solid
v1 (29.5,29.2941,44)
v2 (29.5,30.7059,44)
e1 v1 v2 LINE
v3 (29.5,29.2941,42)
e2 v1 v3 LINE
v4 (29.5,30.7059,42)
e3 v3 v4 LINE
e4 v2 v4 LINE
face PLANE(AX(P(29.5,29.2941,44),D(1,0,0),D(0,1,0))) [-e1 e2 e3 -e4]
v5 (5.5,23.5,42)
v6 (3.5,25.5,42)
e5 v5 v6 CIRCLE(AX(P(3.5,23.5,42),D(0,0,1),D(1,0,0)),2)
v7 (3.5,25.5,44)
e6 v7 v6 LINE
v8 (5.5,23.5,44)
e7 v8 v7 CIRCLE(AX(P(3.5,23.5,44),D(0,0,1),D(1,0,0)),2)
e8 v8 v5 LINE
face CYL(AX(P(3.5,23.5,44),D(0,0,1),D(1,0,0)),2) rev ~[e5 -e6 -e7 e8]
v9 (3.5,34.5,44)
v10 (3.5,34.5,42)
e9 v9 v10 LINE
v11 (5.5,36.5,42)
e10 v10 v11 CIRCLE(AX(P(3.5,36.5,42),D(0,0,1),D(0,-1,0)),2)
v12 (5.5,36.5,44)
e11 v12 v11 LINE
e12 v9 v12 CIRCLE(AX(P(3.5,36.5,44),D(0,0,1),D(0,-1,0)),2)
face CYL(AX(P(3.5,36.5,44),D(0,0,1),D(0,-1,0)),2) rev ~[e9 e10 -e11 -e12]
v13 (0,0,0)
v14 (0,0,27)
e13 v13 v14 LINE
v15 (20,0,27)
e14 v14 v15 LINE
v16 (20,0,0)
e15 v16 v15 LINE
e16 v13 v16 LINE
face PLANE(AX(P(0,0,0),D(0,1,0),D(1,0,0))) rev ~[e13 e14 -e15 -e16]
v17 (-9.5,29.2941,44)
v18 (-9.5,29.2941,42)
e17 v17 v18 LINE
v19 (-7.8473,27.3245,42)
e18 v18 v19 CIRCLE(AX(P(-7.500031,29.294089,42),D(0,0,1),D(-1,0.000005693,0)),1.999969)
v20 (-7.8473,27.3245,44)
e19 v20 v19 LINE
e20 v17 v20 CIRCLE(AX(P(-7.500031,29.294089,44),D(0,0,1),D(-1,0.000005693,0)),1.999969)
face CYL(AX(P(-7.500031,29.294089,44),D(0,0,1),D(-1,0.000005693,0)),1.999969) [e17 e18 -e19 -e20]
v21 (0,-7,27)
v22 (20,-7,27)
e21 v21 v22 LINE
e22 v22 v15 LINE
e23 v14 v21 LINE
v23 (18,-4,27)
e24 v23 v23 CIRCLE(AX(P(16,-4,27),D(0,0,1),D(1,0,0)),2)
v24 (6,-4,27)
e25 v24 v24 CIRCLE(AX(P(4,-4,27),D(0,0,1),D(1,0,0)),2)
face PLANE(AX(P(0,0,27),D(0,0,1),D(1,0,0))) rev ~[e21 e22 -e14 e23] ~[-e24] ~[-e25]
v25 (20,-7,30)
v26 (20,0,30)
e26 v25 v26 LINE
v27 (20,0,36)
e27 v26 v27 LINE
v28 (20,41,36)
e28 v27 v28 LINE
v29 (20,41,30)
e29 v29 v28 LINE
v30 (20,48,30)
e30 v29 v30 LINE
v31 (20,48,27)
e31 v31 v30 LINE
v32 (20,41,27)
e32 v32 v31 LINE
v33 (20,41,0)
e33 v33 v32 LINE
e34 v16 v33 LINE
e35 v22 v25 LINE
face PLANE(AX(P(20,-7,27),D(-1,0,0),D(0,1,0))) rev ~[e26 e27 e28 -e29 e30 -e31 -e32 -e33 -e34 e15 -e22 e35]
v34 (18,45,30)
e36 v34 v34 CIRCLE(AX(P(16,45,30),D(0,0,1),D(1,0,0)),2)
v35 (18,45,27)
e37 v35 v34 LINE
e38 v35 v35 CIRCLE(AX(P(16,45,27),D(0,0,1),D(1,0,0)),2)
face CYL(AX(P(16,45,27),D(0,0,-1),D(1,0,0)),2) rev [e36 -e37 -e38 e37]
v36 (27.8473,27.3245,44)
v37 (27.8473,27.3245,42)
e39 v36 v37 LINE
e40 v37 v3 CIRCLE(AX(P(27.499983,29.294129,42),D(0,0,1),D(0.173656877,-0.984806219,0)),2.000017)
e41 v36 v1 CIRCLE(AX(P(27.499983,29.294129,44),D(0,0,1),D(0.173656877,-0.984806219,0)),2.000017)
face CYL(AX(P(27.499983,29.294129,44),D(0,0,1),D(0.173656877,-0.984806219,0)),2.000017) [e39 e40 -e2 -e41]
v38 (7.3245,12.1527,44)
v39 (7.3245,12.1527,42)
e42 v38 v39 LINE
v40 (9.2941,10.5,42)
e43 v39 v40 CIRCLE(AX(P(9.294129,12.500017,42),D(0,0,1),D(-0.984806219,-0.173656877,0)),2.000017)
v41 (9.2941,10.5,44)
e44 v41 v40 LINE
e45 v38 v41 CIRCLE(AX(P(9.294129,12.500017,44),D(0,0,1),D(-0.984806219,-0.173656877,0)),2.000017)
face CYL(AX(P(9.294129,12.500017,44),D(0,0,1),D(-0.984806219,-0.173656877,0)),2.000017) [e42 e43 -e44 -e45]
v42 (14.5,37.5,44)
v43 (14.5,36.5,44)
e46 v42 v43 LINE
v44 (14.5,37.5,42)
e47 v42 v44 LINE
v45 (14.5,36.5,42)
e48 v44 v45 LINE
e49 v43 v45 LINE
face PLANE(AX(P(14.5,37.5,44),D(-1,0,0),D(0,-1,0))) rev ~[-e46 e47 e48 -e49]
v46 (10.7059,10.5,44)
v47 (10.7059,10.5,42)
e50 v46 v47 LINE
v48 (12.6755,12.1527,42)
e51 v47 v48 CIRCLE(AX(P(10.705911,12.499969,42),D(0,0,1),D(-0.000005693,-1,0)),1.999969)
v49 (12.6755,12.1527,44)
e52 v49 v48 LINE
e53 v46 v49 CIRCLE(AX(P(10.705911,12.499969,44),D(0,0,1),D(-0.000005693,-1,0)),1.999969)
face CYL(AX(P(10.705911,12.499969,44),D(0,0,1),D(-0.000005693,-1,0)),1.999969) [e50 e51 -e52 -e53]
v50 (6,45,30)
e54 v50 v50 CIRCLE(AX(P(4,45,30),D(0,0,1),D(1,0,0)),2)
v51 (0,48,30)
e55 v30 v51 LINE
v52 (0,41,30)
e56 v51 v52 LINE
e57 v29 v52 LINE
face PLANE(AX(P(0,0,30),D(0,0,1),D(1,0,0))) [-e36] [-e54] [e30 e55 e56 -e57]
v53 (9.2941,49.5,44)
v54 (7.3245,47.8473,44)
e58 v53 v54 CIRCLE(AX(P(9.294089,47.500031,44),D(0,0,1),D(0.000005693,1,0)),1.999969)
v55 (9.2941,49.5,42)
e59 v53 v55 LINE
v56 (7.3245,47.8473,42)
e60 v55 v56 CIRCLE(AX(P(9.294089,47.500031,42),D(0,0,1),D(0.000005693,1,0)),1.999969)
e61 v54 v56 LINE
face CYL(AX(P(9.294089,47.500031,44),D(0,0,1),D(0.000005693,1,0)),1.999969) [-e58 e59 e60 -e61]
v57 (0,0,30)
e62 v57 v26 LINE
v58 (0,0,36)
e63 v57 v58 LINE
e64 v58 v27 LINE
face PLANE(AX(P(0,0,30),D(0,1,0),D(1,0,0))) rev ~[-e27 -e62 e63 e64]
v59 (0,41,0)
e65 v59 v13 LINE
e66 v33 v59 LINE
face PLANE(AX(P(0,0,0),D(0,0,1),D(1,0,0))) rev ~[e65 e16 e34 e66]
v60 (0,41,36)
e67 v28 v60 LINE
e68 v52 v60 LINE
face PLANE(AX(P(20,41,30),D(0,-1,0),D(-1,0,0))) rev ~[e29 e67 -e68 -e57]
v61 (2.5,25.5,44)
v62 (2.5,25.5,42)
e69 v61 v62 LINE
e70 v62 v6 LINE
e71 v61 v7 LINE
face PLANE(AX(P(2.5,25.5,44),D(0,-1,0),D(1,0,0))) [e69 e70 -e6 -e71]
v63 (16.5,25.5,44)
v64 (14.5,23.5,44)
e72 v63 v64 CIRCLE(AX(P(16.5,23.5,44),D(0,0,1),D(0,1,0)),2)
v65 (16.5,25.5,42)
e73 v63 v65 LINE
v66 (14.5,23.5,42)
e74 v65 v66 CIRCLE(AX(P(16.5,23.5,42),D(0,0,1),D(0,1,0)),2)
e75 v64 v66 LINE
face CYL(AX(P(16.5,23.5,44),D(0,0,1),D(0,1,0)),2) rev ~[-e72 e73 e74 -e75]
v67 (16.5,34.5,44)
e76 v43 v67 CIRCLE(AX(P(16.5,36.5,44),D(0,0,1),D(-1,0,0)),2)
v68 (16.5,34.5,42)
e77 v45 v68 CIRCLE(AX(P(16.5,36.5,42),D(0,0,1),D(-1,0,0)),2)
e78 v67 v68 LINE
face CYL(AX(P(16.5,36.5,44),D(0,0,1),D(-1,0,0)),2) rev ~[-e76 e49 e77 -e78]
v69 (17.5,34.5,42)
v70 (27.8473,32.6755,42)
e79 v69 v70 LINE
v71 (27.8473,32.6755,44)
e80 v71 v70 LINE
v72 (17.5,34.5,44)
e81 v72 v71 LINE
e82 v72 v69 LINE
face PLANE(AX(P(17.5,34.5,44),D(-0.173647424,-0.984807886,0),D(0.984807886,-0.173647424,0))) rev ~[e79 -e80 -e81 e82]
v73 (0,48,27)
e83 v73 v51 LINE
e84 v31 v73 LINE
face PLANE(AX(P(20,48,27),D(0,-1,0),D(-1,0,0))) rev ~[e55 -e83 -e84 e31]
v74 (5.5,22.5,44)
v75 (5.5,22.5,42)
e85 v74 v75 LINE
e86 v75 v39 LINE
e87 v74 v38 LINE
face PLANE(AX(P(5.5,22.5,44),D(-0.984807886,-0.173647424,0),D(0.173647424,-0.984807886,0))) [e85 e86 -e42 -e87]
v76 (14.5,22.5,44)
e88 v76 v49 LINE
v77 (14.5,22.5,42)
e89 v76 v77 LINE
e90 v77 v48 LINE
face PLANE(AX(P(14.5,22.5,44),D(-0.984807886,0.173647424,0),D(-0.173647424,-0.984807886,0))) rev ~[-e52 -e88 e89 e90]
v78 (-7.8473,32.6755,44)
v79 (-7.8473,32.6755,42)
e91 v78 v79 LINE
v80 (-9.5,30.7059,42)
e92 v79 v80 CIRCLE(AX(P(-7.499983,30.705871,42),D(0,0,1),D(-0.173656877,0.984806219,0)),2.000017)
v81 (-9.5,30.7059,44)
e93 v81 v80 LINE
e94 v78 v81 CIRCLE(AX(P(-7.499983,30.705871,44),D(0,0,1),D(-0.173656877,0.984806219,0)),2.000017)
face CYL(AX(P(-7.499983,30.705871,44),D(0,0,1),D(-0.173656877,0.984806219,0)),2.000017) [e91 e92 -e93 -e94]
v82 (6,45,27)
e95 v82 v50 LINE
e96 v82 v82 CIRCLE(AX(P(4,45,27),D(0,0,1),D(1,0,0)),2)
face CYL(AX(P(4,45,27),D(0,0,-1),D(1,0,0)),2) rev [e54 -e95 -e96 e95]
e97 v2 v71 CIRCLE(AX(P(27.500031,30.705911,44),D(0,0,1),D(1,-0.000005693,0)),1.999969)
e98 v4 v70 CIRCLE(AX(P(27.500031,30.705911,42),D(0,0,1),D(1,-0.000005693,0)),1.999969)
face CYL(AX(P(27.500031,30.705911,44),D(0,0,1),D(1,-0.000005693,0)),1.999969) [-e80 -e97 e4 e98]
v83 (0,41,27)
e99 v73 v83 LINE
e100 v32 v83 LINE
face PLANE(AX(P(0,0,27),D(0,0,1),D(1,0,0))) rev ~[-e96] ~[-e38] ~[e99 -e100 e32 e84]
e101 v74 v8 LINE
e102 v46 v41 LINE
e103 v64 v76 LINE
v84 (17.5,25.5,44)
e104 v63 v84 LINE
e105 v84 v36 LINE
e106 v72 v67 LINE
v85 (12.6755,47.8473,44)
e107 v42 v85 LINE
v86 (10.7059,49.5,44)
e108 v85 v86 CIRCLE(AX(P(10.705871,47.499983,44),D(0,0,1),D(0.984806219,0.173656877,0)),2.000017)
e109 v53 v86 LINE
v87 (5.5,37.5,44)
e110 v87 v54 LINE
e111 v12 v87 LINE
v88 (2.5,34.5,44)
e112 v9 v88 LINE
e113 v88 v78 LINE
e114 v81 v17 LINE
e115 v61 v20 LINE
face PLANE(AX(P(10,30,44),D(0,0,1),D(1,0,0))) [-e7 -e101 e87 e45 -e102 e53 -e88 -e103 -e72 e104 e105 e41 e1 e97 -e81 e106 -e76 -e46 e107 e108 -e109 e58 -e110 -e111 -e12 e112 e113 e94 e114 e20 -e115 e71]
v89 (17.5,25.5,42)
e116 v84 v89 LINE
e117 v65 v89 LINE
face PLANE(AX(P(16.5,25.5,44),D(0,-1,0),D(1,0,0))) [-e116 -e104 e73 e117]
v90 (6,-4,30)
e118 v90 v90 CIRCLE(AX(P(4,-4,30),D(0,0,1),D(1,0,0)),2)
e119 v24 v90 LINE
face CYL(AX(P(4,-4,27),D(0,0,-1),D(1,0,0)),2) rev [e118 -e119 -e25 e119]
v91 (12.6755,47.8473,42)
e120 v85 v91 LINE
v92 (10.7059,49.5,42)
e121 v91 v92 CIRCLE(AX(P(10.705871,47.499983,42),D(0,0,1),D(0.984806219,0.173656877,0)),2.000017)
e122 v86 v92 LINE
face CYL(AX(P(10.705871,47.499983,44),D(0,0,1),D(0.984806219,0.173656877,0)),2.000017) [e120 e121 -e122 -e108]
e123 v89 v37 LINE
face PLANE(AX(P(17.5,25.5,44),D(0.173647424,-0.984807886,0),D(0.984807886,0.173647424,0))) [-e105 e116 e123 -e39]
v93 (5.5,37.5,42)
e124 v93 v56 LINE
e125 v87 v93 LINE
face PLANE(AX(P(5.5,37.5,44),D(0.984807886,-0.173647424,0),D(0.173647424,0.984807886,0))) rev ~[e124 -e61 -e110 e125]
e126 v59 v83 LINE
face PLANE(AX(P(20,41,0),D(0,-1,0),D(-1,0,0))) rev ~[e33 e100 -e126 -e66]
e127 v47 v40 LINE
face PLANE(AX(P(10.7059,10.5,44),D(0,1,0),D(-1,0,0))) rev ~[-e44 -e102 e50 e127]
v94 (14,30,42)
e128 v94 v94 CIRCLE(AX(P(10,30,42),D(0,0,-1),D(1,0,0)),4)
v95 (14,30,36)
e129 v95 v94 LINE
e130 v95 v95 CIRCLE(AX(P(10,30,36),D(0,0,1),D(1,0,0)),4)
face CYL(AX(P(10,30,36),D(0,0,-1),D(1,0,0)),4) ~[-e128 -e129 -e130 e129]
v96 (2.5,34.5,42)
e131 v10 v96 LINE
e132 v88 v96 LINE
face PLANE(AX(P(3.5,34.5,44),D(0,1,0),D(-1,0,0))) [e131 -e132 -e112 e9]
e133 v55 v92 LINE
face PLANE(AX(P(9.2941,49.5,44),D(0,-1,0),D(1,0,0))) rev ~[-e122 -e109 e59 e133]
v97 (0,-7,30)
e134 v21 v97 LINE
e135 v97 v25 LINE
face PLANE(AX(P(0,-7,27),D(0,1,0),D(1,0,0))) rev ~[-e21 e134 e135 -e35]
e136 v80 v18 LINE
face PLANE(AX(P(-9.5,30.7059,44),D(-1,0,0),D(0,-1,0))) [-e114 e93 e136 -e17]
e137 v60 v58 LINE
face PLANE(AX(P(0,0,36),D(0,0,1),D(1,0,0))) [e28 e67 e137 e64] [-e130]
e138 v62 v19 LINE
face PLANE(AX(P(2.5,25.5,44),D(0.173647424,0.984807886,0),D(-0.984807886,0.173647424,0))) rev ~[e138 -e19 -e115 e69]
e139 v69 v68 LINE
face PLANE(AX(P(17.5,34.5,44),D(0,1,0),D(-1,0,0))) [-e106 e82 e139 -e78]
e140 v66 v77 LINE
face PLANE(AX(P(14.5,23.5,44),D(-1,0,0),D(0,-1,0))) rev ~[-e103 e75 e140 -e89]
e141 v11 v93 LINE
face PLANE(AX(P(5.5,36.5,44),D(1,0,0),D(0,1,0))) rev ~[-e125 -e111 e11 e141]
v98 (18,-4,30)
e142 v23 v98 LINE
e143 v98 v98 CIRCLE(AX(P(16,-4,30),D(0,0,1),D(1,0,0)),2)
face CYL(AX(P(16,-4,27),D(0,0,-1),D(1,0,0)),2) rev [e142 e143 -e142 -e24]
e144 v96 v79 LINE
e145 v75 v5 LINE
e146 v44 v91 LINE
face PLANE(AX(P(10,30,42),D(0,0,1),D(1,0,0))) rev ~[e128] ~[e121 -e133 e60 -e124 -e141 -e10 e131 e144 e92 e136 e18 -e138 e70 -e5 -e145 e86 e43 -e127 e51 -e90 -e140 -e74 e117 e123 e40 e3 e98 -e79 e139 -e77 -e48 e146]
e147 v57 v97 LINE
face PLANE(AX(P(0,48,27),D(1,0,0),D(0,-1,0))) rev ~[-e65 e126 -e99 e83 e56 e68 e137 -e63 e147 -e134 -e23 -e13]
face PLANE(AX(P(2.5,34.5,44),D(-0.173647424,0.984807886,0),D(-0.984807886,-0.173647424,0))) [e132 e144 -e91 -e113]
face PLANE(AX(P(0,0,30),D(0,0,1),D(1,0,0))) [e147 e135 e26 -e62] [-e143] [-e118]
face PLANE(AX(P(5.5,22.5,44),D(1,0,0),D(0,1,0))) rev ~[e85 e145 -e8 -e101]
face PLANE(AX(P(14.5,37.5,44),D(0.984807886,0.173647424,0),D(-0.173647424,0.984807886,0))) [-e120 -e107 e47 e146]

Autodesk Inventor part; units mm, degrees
ref_plane "YZ Plane" through (0, 0, 0) normal (1, 0, 0) x (0, 1, 0)
ref_plane "XZ Plane" through (0, 0, 0) normal (0, 1, 0) x (-1, 0, 0)
ref_plane "XY Plane" through (0, 0, 0) normal (0, 0, 1) x (1, 0, 0)
sketch "Sketch1" plane through (0, 0, 0) normal (0, 0, 1) x (1, 0, 0)
  line L0 (0, 0) -> (20, 0)
  line L1 (20, 0) -> (20, 41)
  line L2 (20, 41) -> (0, 41)
  line L3 (0, 41) -> (0, 0)
  dimension "d0" = 20
  dimension "d1" = 41
extrude "Extrusion1" add sketch "Sketch1" along normal blind 27
sketch "Sketch2" plane through (0, 0, 27) normal (0, 0, 1) x (1, 0, 0)
  line L0 (0, 41) -> (0, 0) construction
  line L1 (20, 0) -> (20, 41) construction
  line L2 (0, 0) -> (20, 41) construction
  line L3 (20, 41) -> (0, 41) construction
  line L4 (0, 41) -> (20, 0) construction
  line L5 (0, -7) -> (20, -7)
  line L6 (20, -7) -> (20, 48)
  line L7 (20, 48) -> (0, 48)
  line L8 (0, 48) -> (0, -7)
  line L9 (0, -7) -> (20, 48) construction
  line L10 (20, -7) -> (0, 48) construction
  line L11 (0, 41) -> (0, 45) construction
  line L12 (0, 45) -> (20, 45) construction
  line L13 (0, 45) -> (4, 45) construction
  circle A0 centre (4, 45) radius 2
  line L14 (20, 45) -> (16, 45) construction
  circle A1 centre (16, 45) radius 2
  line L15 (0, 0) -> (20, 0) construction
  line L16 (0, 0) -> (0, -4) construction
  line L17 (0, -4) -> (4, -4) construction
  line L18 (20, 0) -> (20, -4) construction
  line L19 (20, -4) -> (16, -4) construction
  circle A2 centre (4, -4) radius 2
  circle A3 centre (16, -4) radius 2
  point P0 (10, 20.5)
  dimension "d4" = 20
  dimension "d5" = 55
  dimension "d6" = 4
  dimension "d7" = 4
  dimension "d8" = 4
  dimension "d9" = 4
  dimension "d10" = 4
  dimension "d11" = 4
  dimension "d12" = 4
  dimension "d13" = 4
  dimension "d14" = 4
  dimension "d15" = 4
  dimension "d16" = 4
extrude "Extrusion2" add sketch "Sketch2" along normal blind 3
sketch "Sketch3" plane through (0, 0, 30) normal (0, 0, 1) x (1, 0, 0)
  line L0 (0, 48) -> (0, 41) construction
  line L1 (0, -7) -> (20, -7) construction
  line L2 (0, 48) -> (20, -7) construction
  line L3 (20, 41) -> (20, 48) construction
  line L4 (0, -7) -> (20, 48) construction
  line L5 (0, 0) -> (20, 0)
  line L6 (20, 0) -> (20, 41)
  line L7 (20, 41) -> (0, 41)
  line L8 (0, 41) -> (0, 0)
  line L9 (0, 0) -> (20, 41) construction
  line L10 (20, 0) -> (0, 41) construction
  point P0 (10, 20.5)
  dimension "d19" = 20
  dimension "d20" = 41
extrude "Extrusion3" add sketch "Sketch3" along normal blind 6
sketch "Sketch4" plane through (0, 0, 36) normal (0, 0, 1) x (1, 0, 0)
  line L0 (20, 48) -> (0, 48) construction
  line L1 (10, 48) -> (10, 30) construction
  circle A0 centre (10, 30) radius 4
  point P0 (0, 0)
  dimension "d23" = 18
  dimension "d24" = 8
extrude "Extrusion4" add sketch "Sketch4" along normal blind 8
sketch "Sketch5" plane through (10, 30, 44) normal (0, 0, 1) x (1, 0, 0)
  line L0 (19.5, -0.7059) -> (19.5, 0.7059)
  line L1 (-19.5, 0.7059) -> (-19.5, -0.7059)
  line L2 (-19.5, -4.5) -> (19.5, 4.5) construction
  line L3 (19.5, -4.5) -> (-19.5, 4.5) construction
  line L4 (-0.7059, 19.5) -> (0.7059, 19.5)
  line L5 (0.7059, -19.5) -> (-0.7059, -19.5)
  line L6 (-4.5, 19.5) -> (4.5, -19.5) construction
  line L7 (4.5, 19.5) -> (-4.5, -19.5) construction
  line L8 (4.5, 7.5) -> (4.5, 6.5)
  line L9 (4.5, -6.5) -> (4.5, -7.5)
  line L10 (-4.5, -7.5) -> (-4.5, -6.5)
  line L11 (-4.5, 6.5) -> (-4.5, 7.5)
  line L12 (-7.5, -4.5) -> (-6.5, -4.5)
  line L13 (6.5, -4.5) -> (7.5, -4.5)
  line L14 (7.5, 4.5) -> (6.5, 4.5)
  line L15 (-6.5, 4.5) -> (-7.5, 4.5)
  arc A0 (-6.5, 4.5) -> (-4.5, 6.5) centre (-6.5, 6.5) ccw
  arc A1 (4.5, 6.5) -> (6.5, 4.5) centre (6.5, 6.5) ccw
  arc A2 (6.5, -4.5) -> (4.5, -6.5) centre (6.5, -6.5) ccw
  arc A3 (-4.5, -6.5) -> (-6.5, -4.5) centre (-6.5, -6.5) ccw
  line L16 (4.5, 7.5) -> (2.6755, 17.8473)
  line L17 (-4.5, 7.5) -> (-2.6755, 17.8473)
  line L18 (7.5, -4.5) -> (17.8473, -2.6755)
  line L19 (7.5, 4.5) -> (17.8473, 2.6755)
  line L20 (-7.5, 4.5) -> (-17.8473, 2.6755)
  line L21 (-7.5, -4.5) -> (-17.8473, -2.6755)
  line L22 (-4.5, -7.5) -> (-2.6755, -17.8473)
  line L23 (4.5, -7.5) -> (2.6755, -17.8473)
  arc A4 (-17.8473, 2.6755) -> (-19.5, 0.7059) centre (-17.5, 0.7059) ccw
  arc A5 (-19.5, -0.7059) -> (-17.8473, -2.6755) centre (-17.5, -0.7059) ccw
  arc A6 (-0.7059, 19.5) -> (-2.6755, 17.8473) centre (-0.7059, 17.5) ccw
  arc A7 (2.6755, 17.8473) -> (0.7059, 19.5) centre (0.7059, 17.5) ccw
  arc A8 (19.5, 0.7059) -> (17.8473, 2.6755) centre (17.5, 0.7059) ccw
  arc A9 (17.8473, -2.6755) -> (19.5, -0.7059) centre (17.5, -0.7059) ccw
  arc A10 (-2.6755, -17.8473) -> (-0.7059, -19.5) centre (-0.7059, -17.5) ccw
  arc A11 (0.7059, -19.5) -> (2.6755, -17.8473) centre (0.7059, -17.5) ccw
  point P0 (-10, -30)
  point P1 (0, 0)
  point P2 (0, 0)
  dimension "d27" = 39
  dimension "d28" = 9
  dimension "d29" = 9
  dimension "d30" = 39
  dimension "d31" = 29.5
  dimension "d32" = 49.5
  dimension "d33" = 2
  dimension "d34" = 12
  dimension "d35" = 10
  dimension "d36" = 12
  dimension "d37" = 10
  dimension "d38" = 12
  dimension "d39" = 10
  dimension "d40" = 12
  dimension "d41" = 10
  dimension "d42" = 12
  dimension "d43" = 10
  dimension "d44" = 12
  dimension "d45" = 10
  dimension "d46" = 12
  dimension "d47" = 10
  dimension "d48" = 12
  dimension "d49" = 10
  dimension "d50" = 2
  dimension "d51" = 2
extrude "Extrusion5" add sketch "Sketch5" against normal blind 2
equation "\"d36\" = d34"
equation "\"d37\" = d35"
equation "\"d38\" = d34"
equation "\"d39\" = d35"
equation "\"d40\" = d34"
equation "\"d41\" = d35"
equation "\"d42\" = d34"
equation "\"d43\" = d35"
equation "\"d44\" = d34"
equation "\"d45\" = d35"
equation "\"d46\" = d34"
equation "\"d47\" = d35"
equation "\"d48\" = d34"
equation "\"d49\" = d35"
properties part number "FutabaS3003Rough" material "PC/ABS Plastic"
